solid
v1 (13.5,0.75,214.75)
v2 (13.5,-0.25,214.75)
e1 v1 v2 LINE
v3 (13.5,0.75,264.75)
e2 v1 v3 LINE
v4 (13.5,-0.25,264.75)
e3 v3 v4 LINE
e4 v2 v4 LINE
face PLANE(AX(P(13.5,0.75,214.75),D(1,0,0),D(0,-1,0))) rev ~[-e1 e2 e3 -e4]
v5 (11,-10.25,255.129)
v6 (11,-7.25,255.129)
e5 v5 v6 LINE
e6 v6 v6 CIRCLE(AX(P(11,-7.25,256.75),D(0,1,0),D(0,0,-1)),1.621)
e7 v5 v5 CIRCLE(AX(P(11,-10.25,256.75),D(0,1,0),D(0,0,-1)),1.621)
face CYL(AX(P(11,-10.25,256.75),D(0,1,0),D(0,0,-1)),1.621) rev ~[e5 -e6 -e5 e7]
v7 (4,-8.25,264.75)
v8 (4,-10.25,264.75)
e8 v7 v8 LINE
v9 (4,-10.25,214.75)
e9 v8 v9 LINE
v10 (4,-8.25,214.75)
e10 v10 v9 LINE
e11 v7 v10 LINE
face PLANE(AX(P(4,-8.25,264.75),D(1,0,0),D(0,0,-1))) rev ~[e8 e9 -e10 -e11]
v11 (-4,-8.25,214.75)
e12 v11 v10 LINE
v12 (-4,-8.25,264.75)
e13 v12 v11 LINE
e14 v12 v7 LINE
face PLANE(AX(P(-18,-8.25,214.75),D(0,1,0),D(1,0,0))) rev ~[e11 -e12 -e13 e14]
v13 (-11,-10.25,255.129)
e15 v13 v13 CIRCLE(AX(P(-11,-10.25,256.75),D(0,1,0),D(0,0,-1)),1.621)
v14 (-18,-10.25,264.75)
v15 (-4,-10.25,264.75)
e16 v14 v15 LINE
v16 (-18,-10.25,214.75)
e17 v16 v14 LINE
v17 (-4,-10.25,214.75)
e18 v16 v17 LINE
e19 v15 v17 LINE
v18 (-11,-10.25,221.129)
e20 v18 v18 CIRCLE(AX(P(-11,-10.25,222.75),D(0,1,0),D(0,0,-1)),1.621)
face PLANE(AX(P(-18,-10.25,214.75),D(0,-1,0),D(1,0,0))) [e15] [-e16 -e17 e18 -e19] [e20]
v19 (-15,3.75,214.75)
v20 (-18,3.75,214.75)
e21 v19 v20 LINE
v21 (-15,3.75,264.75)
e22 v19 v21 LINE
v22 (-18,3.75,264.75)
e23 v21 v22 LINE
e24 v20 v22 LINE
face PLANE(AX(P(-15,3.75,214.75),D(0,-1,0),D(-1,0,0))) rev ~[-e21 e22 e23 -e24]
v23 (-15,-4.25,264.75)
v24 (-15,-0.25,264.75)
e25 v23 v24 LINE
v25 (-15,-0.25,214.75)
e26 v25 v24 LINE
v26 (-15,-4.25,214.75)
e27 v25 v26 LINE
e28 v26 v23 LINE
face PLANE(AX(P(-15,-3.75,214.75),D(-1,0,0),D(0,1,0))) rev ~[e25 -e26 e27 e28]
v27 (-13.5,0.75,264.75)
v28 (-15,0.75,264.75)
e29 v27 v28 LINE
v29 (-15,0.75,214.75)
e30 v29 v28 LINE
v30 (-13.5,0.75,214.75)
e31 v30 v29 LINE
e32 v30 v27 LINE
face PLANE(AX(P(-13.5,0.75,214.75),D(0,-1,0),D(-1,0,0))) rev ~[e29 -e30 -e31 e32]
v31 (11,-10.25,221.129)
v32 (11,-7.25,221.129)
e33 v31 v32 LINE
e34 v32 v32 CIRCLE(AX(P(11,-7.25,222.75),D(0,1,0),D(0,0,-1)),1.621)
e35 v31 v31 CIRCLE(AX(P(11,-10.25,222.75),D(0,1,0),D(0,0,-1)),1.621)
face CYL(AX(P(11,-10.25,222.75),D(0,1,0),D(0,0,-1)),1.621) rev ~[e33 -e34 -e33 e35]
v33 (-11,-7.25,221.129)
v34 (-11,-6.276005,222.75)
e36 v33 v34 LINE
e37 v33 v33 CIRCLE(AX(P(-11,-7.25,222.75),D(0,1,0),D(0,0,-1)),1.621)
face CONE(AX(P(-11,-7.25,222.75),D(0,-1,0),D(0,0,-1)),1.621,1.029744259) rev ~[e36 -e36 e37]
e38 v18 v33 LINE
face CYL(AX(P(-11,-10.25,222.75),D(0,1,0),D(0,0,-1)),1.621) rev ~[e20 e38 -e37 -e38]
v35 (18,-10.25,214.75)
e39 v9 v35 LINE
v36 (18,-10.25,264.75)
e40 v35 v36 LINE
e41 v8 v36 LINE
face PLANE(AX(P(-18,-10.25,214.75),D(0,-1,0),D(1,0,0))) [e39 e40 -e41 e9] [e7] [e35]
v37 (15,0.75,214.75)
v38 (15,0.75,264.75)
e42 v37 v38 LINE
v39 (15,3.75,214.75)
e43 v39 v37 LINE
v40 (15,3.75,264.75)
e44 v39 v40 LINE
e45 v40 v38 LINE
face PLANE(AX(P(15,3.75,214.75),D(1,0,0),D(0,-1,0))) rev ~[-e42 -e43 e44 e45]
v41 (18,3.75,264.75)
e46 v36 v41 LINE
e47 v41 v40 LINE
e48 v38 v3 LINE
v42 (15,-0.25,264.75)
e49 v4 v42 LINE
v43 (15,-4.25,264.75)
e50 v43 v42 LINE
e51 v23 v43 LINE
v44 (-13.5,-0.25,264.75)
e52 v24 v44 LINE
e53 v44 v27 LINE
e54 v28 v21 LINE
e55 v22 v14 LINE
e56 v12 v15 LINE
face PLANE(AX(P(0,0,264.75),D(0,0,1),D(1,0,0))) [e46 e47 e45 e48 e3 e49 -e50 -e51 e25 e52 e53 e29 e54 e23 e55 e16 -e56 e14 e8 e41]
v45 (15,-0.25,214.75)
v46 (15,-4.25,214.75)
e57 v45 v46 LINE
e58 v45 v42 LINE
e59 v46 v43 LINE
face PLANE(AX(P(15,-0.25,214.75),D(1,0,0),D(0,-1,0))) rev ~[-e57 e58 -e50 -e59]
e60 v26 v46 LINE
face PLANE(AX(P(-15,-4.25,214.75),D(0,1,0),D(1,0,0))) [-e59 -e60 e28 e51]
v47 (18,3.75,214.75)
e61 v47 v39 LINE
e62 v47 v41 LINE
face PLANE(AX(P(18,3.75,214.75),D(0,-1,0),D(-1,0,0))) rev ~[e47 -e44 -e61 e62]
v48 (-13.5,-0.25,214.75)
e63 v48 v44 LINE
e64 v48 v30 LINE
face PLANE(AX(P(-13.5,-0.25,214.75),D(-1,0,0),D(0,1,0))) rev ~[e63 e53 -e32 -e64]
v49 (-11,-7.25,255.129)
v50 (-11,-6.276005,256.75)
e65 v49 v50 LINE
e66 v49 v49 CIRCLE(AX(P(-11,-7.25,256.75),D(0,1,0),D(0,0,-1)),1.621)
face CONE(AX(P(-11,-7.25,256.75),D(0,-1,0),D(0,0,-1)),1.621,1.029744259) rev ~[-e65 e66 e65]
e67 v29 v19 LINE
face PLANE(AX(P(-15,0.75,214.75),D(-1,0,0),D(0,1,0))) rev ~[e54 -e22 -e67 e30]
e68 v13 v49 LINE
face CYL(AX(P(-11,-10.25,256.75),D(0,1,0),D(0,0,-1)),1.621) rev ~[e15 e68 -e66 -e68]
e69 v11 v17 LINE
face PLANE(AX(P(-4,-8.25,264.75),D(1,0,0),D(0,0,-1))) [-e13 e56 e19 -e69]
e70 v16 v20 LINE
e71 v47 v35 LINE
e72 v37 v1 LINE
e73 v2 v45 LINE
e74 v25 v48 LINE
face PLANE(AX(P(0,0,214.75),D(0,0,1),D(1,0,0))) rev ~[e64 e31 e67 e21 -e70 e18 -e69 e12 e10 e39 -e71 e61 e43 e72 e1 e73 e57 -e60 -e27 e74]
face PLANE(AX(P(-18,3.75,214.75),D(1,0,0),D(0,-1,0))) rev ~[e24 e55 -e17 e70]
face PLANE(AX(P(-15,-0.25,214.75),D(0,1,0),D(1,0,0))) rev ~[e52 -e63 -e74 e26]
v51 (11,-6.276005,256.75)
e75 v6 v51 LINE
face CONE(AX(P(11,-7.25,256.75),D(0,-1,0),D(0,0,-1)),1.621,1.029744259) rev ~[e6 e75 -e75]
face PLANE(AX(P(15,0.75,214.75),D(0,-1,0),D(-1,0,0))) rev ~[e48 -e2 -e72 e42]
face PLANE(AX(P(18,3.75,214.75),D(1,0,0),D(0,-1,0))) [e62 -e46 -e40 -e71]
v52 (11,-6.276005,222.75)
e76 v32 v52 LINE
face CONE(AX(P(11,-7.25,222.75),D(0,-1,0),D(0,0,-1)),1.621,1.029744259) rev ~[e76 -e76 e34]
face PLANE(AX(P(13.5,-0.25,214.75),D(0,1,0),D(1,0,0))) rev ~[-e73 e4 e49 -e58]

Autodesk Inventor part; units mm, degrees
ref_plane "YZ Plane" through (0, 0, 0) normal (1, 0, 0) x (0, 1, 0)
ref_plane "XZ Plane" through (0, 0, 0) normal (0, 1, 0) x (-1, 0, 0)
ref_plane "XY Plane" through (0, 0, 0) normal (0, 0, 1) x (1, 0, 0)
ref_plane "工作平面1" through (0, 0, 214.75) normal (0, 0, 1) x (1, 0, 0)
sketch "草图2" plane through (0, 0, 214.75) normal (0, 0, 1) x (1, 0, 0)
  line L0 (15, -0.25) -> (15, -3.75) projected
  line L1 (15, 3.75) -> (15, 0.75) projected
  line L2 (15, 0.75) -> (13.5, 0.75) projected
  line L3 (13.5, 0.75) -> (13.5, -0.25) projected
  line L4 (13.5, -0.25) -> (15, -0.25) projected
  line L5 (27.5, 3.75) -> (-27.5, 3.75) projected
  line L6 (-15, 0.75) -> (-15, 3.75) projected
  line L7 (-15, -3.75) -> (-15, -0.25) projected
  line L8 (-13.5, 0.75) -> (-15, 0.75) projected
  line L9 (-13.5, -0.25) -> (-13.5, 0.75) projected
  line L10 (-15, -0.25) -> (-13.5, -0.25) projected
  line L11 (-15, -4.25) -> (15, -4.25) projected
  line L12 (-15, -3.75) -> (-15, -4.25) projected
  line L13 (15, -4.25) -> (15, -3.75) projected
  line L14 (18, 3.75) -> (18, -8.25)
  line L15 (-18, 3.75) -> (-18, -8.25)
  line L16 (-18, -8.25) -> (18, -8.25)
  point P0 (0, 0)
  dimension "d0" = 12
  dimension "d1" = 3
  dimension "d2" = 12
  dimension "d3" = 3
extrude "拉伸1" add sketch "草图2" along normal blind 50 contours L4 L3 L2 L1 L5 L14 L16 L15 L6 L8 L9 L10 L7 L12 L11 L13 L0
sketch "草图3" plane through (-18, -8.25, 214.75) normal (0, -1, 0) x (1, 0, 0)
  line L0 (0, 0) -> (0, 50) projected
  line L1 (0, 0) -> (36, 0) projected
  line L2 (0, 50) -> (14, 50)
  line L3 (14, 50) -> (14, 0)
  line L4 (14, 0) -> (0, 0)
  line L5 (0, 0) -> (0, 50)
  line L6 (0, 50) -> (36, 50) projected
  line L7 (36, 50) -> (22, 50)
  line L8 (22, 50) -> (22, 0)
  line L9 (22, 0) -> (36, 0)
  line L10 (36, 0) -> (36, 50)
  point P0 (18, -214.75)
  dimension "d6" = 14
  dimension "d7" = 14
extrude "拉伸2" add sketch "草图3" along normal blind 2 contours L0 L2 L3 L1 | L8 L6 L10 L1
sketch "草图4" plane through (-18, -10.25, 214.75) normal (0, -1, 0) x (1, 0, 0)
  line L0 (0, 50) -> (0, 0) projected
  line L1 (14, 50) -> (0, 50) projected
  line L2 (0, 0) -> (14, 0) projected
  line L3 (36, 50) -> (22, 50) projected
  line L4 (36, 0) -> (36, 50) projected
  line L5 (22, 0) -> (36, 0) projected
  point P0 (18, -214.75)
  point P1 (7, 42)
  point P2 (7, 8)
  point P3 (29, 42)
  point P4 (29, 8)
  dimension "d10" = 7
  dimension "d11" = 8
  dimension "d12" = 8
  dimension "d13" = 7
  dimension "d14" = 8
  dimension "d15" = 7
  dimension "d16" = 7
  dimension "d17" = 8
hole "孔1" at (-11, -10.25, 256.75) at (-11, -10.25, 222.75) at (11, -10.25, 256.75) at (11, -10.25, 222.75) direction (0, 1, 0) diameter 3.242 depth 3 tip angle 118 thread size "M4x0.7" designation "M4" class "6H" standard "GB Metric profile"
properties part number "滑块"
